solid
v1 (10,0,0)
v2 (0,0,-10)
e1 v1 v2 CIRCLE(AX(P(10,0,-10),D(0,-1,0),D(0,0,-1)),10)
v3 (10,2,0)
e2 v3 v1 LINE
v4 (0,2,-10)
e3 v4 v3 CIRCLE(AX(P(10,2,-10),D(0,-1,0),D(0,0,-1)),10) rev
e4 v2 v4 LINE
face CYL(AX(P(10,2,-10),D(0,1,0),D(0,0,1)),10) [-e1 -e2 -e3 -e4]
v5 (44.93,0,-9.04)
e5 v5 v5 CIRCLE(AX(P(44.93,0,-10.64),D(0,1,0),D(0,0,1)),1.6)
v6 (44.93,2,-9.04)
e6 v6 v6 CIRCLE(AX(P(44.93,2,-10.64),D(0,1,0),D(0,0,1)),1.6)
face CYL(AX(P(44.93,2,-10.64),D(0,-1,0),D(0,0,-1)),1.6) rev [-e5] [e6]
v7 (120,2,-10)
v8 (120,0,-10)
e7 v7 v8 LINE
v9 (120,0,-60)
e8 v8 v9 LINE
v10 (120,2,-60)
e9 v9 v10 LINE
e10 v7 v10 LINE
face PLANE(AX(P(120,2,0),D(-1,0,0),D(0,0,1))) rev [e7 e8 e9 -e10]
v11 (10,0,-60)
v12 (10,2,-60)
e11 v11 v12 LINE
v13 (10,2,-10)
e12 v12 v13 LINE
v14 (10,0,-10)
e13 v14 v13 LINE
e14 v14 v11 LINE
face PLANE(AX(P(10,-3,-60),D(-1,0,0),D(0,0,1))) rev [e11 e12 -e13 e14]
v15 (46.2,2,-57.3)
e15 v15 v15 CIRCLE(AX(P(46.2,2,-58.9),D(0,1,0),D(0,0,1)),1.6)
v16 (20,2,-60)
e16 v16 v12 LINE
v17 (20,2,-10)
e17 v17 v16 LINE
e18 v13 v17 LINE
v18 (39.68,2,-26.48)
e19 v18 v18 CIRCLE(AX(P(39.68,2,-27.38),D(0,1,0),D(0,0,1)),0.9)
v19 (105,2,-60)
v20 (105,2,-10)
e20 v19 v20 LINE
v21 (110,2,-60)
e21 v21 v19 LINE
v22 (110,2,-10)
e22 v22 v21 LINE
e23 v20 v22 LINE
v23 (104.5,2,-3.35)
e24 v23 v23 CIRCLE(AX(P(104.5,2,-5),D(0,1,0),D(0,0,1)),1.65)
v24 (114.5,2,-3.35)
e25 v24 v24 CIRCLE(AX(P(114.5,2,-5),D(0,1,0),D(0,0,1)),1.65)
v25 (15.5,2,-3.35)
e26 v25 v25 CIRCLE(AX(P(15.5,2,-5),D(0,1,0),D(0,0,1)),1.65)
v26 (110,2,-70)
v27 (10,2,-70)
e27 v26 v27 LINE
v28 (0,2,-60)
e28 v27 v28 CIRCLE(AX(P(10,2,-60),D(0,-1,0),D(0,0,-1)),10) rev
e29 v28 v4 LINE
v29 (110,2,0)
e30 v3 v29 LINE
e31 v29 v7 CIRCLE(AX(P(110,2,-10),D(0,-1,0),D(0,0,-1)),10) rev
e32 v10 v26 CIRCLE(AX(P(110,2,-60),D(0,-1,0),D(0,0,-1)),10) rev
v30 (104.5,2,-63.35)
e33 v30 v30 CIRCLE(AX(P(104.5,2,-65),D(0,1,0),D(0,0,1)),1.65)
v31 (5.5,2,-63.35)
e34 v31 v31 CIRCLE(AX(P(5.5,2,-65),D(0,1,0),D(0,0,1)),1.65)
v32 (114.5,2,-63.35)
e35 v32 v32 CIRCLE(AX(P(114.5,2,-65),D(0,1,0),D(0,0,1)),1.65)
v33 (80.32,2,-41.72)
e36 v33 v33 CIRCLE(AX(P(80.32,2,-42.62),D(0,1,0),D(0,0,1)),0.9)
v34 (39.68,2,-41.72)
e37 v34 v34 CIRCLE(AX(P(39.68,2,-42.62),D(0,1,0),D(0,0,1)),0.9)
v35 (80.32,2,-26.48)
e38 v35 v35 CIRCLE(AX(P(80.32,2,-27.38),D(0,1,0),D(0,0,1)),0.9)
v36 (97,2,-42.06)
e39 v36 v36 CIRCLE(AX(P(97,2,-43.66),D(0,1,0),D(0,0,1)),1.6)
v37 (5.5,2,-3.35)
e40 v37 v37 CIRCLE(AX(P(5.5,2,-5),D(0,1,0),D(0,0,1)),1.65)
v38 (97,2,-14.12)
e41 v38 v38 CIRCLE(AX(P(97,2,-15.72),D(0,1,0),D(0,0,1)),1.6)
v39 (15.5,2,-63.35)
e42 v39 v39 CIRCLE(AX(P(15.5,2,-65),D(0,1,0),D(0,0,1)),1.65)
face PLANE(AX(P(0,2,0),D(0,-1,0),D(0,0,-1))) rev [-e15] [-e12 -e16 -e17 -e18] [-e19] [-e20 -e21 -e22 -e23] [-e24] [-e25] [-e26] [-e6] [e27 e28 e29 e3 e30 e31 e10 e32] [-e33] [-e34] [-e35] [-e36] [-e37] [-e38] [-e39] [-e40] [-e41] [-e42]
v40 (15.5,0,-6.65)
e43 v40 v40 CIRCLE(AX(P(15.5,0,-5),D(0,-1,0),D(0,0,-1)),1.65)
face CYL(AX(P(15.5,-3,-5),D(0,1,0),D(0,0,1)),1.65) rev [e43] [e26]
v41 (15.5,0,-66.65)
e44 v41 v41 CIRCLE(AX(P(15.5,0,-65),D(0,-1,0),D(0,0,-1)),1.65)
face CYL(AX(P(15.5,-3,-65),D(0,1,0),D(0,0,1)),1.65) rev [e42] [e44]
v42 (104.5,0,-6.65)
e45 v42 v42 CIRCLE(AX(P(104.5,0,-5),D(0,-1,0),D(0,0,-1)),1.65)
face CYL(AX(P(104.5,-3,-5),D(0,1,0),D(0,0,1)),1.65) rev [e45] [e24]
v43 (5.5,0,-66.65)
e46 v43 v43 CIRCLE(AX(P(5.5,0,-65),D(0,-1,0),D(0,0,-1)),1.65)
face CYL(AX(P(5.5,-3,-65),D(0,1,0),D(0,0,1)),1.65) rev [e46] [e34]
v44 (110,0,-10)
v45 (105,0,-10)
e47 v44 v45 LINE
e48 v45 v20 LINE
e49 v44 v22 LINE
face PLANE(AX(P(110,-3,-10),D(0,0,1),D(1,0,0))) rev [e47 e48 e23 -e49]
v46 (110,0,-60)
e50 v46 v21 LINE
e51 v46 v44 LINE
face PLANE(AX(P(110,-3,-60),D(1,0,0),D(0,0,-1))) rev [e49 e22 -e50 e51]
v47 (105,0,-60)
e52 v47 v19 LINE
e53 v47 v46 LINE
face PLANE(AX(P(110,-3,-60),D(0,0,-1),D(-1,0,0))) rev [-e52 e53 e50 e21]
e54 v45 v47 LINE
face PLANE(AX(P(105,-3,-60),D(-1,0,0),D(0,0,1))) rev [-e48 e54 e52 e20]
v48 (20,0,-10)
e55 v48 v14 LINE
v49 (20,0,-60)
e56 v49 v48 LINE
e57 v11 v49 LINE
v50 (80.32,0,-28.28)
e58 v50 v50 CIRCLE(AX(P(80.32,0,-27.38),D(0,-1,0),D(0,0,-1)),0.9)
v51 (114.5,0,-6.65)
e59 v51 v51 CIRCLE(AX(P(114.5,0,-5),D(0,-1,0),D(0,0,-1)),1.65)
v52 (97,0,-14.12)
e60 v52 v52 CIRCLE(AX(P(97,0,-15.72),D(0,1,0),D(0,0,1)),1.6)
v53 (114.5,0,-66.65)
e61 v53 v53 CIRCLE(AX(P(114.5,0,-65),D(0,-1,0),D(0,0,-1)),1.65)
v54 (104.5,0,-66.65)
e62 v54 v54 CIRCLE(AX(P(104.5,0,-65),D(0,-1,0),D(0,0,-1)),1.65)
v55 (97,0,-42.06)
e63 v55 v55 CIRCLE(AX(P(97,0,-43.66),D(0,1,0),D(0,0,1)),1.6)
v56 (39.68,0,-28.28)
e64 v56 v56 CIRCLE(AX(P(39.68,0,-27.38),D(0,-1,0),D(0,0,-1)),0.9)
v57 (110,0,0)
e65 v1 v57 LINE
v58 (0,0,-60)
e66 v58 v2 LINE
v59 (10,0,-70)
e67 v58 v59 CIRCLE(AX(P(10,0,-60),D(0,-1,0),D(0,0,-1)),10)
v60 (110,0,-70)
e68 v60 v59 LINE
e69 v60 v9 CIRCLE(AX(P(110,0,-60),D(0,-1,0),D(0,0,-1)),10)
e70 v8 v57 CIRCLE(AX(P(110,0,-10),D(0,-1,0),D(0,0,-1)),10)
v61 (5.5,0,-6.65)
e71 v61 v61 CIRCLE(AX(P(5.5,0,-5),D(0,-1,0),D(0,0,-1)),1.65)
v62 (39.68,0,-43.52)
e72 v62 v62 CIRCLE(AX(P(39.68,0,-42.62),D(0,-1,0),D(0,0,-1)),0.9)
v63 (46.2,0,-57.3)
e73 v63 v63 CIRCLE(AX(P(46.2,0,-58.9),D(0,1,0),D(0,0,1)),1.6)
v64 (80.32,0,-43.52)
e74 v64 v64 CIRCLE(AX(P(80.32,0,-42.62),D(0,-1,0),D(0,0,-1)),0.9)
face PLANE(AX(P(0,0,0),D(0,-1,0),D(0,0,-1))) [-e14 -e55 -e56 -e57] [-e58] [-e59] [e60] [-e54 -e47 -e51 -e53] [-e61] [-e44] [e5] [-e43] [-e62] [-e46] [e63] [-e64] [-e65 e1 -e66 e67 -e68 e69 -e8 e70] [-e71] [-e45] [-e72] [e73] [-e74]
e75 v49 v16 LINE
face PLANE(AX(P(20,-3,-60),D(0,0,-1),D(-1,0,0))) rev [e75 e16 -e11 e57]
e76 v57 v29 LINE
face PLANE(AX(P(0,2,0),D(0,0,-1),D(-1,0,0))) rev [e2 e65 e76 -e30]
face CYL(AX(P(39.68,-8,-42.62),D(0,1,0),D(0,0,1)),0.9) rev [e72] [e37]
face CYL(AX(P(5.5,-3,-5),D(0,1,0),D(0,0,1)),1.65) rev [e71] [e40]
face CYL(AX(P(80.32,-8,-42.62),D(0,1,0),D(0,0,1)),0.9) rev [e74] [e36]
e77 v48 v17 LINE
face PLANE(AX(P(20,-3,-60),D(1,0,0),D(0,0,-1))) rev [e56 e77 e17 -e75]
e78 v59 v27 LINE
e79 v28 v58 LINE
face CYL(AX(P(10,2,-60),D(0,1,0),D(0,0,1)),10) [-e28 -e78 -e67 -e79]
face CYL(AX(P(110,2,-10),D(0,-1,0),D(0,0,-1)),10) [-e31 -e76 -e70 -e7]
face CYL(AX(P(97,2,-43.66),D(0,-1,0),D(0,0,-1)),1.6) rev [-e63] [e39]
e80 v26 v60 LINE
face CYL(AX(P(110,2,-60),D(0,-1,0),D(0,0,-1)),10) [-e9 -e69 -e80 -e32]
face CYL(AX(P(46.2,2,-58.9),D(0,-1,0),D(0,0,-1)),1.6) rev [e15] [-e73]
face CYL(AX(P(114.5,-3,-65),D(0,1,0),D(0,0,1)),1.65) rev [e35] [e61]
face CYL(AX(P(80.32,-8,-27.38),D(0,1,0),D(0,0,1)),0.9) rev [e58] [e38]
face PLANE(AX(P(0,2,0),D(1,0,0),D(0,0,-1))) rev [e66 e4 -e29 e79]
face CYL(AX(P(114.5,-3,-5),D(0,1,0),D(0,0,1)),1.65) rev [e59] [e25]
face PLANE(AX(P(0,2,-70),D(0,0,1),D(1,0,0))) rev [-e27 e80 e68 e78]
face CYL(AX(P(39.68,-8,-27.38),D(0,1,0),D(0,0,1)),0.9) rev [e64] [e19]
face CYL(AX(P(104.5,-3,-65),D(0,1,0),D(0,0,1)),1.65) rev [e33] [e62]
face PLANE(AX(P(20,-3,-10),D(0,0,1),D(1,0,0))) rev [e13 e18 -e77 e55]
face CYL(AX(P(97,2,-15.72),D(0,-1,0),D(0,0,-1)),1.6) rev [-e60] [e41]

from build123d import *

# Parameters (mm, degrees)
PLANTAICEZUM_W          = 120
PLANTAICEZUM_H          = 70
PLANTAICEZUM_R          = 1.6
SALIENTE_EXTRUIR3_DEPTH = 2
REDONDEO1_R             = 10
REDONDEO2_R             = 10
REDONDEO3_R             = 10
REDONDEO4_R             = 10
CROQUIS1_W              = 10
CROQUIS1_H              = 50
CROQUIS1_W_2            = 5
CORTAR_EXTRUIR1_DEPTH   = 5
CROQUIS4_R              = 1.65
CORTAR_EXTRUIR2_DEPTH   = 5
CROQUIS6_R              = 0.9
CORTAR_EXTRUIR4_DEPTH   = 10


with BuildPart() as part:
    # PlantaIceZum → Saliente-Extruir3 (new body)
    with BuildSketch(Plane(origin=(0, 0, 0), x_dir=(1, 0, 0), z_dir=(0, 1, 0))):
        with Locations((60, 35)):
            Rectangle(PLANTAICEZUM_W, PLANTAICEZUM_H)
        with Locations(Location((97, 43.66, 0), (0, 0, 270))):
            Circle(PLANTAICEZUM_R, mode=Mode.SUBTRACT)
        with Locations(Location((46.2, 58.9, 0), (0, 0, 270))):
            Circle(PLANTAICEZUM_R, mode=Mode.SUBTRACT)
        with Locations(Location((44.93, 10.64, 0), (0, 0, 270))):
            Circle(PLANTAICEZUM_R, mode=Mode.SUBTRACT)
        with Locations(Location((97, 15.72, 0), (0, 0, 270))):
            Circle(PLANTAICEZUM_R, mode=Mode.SUBTRACT)
    extrude(amount=SALIENTE_EXTRUIR3_DEPTH)

    # Redondeo1
    redondeo1_edges = [part.edges().sort_by_distance(p)[0] for p in [
        (0, 1, 0),
    ]]
    fillet(redondeo1_edges, radius=REDONDEO1_R)

    # Redondeo2
    redondeo2_edges = [part.edges().sort_by_distance(p)[0] for p in [
        (0, 1, -70),
    ]]
    fillet(redondeo2_edges, radius=REDONDEO2_R)

    # Redondeo3
    redondeo3_edges = [part.edges().sort_by_distance(p)[0] for p in [
        (120, 1, -70),
    ]]
    fillet(redondeo3_edges, radius=REDONDEO3_R)

    # Redondeo4
    redondeo4_edges = [part.edges().sort_by_distance(p)[0] for p in [
        (120, 1, 0),
    ]]
    fillet(redondeo4_edges, radius=REDONDEO4_R)

    # Croquis1 → Cortar-Extruir1 (cut)
    with BuildSketch(Plane(origin=(0, 2, 0), x_dir=(1, 0, 0), z_dir=(0, 1, 0))):
        with Locations((15, 35)):
            Rectangle(CROQUIS1_W, CROQUIS1_H)
        with Locations((107.5, 35)):
            Rectangle(CROQUIS1_W_2, CROQUIS1_H)
    extrude(amount=-CORTAR_EXTRUIR1_DEPTH, mode=Mode.SUBTRACT)

    # Croquis4 → Cortar-Extruir2 (cut)
    with BuildSketch(Plane(origin=(0, 2, 0), x_dir=(1, 0, 0), z_dir=(0, 1, 0))):
        with Locations(Location((5.5, 65, 0), (0, 0, 270))):
            Circle(CROQUIS4_R)
        with Locations(Location((114.5, 65, 0), (0, 0, 270))):
            Circle(CROQUIS4_R)
        with Locations(Location((5.5, 5, 0), (0, 0, 270))):
            Circle(CROQUIS4_R)
        with Locations(Location((114.5, 5, 0), (0, 0, 270))):
            Circle(CROQUIS4_R)
        with Locations(Location((15.5, 65, 0), (0, 0, 270))):
            Circle(CROQUIS4_R)
        with Locations(Location((104.5, 65, 0), (0, 0, 270))):
            Circle(CROQUIS4_R)
        with Locations(Location((15.5, 5, 0), (0, 0, 270))):
            Circle(CROQUIS4_R)
        with Locations(Location((104.5, 5, 0), (0, 0, 270))):
            Circle(CROQUIS4_R)
    extrude(amount=-CORTAR_EXTRUIR2_DEPTH, mode=Mode.SUBTRACT)

    # Croquis6 → Cortar-Extruir4 (cut)
    with BuildSketch(Plane(origin=(0, 2, 0), x_dir=(1, 0, 0), z_dir=(0, 1, 0))):
        with Locations(Location((39.68, 42.62, 0), (0, 0, 270))):
            Circle(CROQUIS6_R)
        with Locations(Location((39.68, 27.38, 0), (0, 0, 270))):
            Circle(CROQUIS6_R)
        with Locations(Location((80.32, 42.62, 0), (0, 0, 270))):
            Circle(CROQUIS6_R)
        with Locations(Location((80.32, 27.38, 0), (0, 0, 270))):
            Circle(CROQUIS6_R)
    extrude(amount=-CORTAR_EXTRUIR4_DEPTH, mode=Mode.SUBTRACT)


solid = part.part
